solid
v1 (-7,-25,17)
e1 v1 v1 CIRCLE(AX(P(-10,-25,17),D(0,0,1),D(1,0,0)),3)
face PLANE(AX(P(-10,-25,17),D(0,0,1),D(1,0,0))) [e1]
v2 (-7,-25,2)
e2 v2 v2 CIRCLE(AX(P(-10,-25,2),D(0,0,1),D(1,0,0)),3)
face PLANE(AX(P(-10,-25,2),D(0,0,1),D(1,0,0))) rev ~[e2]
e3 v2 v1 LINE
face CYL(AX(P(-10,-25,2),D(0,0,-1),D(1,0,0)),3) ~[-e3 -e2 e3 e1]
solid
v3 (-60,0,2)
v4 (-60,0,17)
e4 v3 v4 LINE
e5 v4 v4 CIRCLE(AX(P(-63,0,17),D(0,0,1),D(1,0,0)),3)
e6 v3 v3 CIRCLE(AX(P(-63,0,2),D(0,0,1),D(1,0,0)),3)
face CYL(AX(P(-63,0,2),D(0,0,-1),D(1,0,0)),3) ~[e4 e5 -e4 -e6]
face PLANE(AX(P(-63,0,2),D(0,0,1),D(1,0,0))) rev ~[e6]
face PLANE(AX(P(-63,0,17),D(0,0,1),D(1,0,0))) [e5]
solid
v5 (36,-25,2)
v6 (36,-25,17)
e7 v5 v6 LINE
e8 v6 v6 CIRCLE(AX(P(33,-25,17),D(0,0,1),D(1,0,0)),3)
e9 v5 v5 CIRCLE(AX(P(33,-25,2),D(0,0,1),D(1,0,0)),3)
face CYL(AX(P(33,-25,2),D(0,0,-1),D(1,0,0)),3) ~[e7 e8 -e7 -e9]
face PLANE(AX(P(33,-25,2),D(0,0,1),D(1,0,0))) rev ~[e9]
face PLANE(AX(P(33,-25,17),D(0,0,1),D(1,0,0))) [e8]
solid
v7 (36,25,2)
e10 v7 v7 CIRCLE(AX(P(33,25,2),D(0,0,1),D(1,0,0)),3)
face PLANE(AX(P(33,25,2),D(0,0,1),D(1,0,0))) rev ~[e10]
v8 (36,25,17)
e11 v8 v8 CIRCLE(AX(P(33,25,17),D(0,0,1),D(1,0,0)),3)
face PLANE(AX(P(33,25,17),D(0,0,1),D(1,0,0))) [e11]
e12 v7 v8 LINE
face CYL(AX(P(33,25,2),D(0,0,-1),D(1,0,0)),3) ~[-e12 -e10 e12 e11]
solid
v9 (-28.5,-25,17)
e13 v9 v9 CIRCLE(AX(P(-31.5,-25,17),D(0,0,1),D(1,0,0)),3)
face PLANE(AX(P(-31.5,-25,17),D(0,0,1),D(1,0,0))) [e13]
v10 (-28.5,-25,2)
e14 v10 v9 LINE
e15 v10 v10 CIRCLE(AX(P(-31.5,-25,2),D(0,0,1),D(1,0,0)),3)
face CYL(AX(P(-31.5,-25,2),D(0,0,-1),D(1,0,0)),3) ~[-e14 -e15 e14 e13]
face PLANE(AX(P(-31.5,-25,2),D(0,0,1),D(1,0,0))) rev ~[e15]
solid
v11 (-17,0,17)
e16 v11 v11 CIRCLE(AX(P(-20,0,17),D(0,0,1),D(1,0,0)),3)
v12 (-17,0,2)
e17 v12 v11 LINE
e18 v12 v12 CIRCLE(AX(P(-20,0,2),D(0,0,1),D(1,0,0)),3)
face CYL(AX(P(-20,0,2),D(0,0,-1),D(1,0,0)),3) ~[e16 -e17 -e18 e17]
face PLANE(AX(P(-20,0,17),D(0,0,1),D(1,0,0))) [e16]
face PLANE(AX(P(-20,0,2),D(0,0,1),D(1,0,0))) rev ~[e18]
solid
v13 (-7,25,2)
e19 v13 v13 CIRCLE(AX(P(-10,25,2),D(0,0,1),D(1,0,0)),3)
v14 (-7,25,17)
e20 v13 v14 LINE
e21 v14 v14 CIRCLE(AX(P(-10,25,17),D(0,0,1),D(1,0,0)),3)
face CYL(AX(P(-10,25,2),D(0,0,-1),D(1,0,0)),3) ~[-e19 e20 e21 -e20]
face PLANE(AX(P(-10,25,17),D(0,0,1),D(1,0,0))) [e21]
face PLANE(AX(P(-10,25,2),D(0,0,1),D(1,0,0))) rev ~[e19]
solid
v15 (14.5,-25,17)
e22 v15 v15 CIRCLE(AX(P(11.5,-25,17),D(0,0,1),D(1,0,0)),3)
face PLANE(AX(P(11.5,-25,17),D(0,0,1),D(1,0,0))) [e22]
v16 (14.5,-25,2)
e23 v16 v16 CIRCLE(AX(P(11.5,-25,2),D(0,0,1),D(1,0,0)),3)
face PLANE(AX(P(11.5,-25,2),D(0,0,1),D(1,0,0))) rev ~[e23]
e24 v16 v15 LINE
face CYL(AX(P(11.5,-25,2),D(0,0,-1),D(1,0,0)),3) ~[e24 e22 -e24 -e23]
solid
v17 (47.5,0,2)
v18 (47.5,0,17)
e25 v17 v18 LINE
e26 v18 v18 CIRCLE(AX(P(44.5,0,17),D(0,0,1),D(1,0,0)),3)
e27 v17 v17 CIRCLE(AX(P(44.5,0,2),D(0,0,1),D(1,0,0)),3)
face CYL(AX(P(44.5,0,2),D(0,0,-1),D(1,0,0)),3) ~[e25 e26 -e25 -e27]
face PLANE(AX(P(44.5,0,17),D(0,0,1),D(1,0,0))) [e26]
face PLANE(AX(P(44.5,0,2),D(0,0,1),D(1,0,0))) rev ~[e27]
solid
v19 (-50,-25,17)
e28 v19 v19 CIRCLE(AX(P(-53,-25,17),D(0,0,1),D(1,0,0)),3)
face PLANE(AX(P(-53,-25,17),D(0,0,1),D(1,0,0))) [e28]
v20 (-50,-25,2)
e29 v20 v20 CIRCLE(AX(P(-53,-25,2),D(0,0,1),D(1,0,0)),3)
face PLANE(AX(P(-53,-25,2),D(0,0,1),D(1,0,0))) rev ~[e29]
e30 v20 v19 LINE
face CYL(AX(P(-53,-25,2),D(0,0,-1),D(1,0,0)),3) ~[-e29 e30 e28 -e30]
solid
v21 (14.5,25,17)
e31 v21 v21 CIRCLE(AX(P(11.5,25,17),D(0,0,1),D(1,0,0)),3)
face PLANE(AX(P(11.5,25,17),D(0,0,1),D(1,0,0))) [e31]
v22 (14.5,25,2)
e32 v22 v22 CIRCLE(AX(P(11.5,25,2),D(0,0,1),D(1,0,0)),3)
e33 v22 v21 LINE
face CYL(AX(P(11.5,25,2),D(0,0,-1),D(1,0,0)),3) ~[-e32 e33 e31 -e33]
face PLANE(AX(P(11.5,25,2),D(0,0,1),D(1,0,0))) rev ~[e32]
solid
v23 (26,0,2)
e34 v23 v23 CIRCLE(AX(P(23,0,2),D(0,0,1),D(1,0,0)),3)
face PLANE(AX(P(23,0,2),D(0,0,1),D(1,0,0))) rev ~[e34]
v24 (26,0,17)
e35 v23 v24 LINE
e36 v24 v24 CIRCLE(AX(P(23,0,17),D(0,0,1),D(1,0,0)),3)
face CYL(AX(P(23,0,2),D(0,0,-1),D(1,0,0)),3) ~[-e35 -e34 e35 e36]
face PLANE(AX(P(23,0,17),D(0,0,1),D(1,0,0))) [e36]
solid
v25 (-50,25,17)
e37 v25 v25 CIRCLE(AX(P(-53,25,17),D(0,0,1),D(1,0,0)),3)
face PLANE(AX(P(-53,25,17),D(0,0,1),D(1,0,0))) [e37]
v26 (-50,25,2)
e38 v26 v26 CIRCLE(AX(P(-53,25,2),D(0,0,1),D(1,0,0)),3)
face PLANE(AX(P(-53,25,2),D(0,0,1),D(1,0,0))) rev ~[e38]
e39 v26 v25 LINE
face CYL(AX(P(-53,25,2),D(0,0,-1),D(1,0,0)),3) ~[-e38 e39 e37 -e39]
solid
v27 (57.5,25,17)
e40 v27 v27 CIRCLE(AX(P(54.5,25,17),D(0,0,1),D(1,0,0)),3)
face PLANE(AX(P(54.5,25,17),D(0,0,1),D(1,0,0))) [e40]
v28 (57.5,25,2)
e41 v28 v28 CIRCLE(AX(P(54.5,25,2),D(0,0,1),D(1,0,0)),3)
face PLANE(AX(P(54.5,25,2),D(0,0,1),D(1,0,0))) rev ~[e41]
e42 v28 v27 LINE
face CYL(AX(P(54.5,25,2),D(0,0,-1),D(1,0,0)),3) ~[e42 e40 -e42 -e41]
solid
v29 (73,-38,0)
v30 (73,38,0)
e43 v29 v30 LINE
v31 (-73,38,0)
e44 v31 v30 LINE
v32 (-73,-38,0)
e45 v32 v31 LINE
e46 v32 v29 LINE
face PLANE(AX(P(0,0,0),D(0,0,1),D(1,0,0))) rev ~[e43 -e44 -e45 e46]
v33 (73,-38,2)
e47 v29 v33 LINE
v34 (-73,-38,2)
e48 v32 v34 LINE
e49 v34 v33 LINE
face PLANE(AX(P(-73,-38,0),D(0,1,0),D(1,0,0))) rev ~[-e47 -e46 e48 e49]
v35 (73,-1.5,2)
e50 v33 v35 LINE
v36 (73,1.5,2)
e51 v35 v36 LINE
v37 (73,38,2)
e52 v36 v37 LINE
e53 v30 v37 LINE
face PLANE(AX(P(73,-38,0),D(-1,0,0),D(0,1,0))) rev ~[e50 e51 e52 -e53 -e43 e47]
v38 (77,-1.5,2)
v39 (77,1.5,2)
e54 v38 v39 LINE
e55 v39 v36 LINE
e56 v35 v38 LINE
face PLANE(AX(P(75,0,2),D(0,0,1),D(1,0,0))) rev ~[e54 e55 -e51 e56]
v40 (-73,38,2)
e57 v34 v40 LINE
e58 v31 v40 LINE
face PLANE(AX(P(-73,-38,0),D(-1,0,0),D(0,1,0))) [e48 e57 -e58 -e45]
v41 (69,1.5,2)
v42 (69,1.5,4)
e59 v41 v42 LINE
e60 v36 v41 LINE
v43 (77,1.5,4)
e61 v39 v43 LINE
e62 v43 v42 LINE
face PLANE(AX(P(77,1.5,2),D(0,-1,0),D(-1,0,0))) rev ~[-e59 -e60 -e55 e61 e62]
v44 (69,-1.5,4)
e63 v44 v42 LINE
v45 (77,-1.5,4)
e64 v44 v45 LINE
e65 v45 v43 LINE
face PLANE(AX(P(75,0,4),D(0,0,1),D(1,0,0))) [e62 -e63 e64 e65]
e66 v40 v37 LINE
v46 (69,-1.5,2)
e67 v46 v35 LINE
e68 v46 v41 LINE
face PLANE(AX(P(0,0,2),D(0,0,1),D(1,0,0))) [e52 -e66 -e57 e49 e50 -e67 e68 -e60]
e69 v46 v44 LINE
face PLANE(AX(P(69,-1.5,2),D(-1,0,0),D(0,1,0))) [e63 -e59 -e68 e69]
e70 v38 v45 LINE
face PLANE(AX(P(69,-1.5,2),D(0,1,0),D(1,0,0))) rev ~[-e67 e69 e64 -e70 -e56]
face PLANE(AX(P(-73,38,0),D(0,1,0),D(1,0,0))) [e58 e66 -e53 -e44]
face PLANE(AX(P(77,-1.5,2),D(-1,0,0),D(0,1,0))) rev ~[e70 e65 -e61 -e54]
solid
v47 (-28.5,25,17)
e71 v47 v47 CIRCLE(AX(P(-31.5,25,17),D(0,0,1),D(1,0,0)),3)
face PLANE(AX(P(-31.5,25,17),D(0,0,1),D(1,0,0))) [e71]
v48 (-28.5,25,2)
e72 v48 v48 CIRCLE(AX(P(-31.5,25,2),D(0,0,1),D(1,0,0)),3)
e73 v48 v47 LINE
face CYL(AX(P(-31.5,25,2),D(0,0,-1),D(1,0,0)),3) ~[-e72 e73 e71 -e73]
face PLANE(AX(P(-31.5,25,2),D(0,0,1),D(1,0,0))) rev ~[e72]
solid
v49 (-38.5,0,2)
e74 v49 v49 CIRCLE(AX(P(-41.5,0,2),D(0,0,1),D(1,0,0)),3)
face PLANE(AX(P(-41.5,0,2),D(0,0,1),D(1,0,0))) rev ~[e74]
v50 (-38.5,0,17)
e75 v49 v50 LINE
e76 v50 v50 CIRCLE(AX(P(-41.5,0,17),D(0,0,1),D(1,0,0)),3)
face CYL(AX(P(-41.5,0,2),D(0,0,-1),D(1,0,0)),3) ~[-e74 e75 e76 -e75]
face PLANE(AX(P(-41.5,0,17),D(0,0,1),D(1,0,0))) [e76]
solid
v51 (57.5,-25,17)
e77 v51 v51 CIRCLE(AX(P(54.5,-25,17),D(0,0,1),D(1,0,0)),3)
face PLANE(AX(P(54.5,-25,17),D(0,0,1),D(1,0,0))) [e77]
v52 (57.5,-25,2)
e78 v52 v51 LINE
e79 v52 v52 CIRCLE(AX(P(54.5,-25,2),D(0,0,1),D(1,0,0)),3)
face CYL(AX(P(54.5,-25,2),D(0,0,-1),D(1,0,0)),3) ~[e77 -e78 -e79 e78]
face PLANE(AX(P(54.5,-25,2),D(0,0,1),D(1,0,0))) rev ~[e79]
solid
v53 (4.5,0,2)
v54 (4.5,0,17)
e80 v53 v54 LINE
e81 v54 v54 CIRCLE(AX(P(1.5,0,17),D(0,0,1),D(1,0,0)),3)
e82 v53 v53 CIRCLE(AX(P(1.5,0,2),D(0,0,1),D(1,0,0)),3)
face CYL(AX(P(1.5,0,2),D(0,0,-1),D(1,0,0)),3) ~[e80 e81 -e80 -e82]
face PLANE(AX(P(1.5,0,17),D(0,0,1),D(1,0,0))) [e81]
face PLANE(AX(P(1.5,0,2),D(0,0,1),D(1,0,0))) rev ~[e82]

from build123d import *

# Parameters (mm, degrees)
F0_W     = 146
F0_H     = 76
F1_DEPTH = 2
F2_R     = 3
F3_DEPTH = 15
F4_DEPTH = 15
F2_W     = 4
F2_H     = 3
F5_DEPTH = 2


with BuildPart() as f1:
    # F0 (on Top) → F1 (new body)
    with BuildSketch(Plane.XY):
        Rectangle(F0_W, F0_H)
    extrude(amount=F1_DEPTH)

    # F2 (on face) → F5 (join)
    with BuildSketch(Plane.XY.offset(2)):
        with Locations((75, 0)):
            Rectangle(F2_W, F2_H)
        with Locations((71, 0)):
            Rectangle(F2_W, F2_H)
    extrude(amount=F5_DEPTH)


with BuildPart() as f3:
    # F2 (on face) → F3 (new body)
    with BuildSketch(Plane.XY.offset(2)):
        with Locations((-53, 25)):
            Circle(F2_R)
        with Locations((-31.5, 25)):
            Circle(F2_R)
        with Locations((-10, 25)):
            Circle(F2_R)
        with Locations((11.5, 25)):
            Circle(F2_R)
        with Locations((33, 25)):
            Circle(F2_R)
        with Locations((54.5, 25)):
            Circle(F2_R)
        with Locations((54.5, -25)):
            Circle(F2_R)
        with Locations((33, -25)):
            Circle(F2_R)
        with Locations((11.5, -25)):
            Circle(F2_R)
        with Locations((-10, -25)):
            Circle(F2_R)
        with Locations((-31.5, -25)):
            Circle(F2_R)
        with Locations((-53, -25)):
            Circle(F2_R)
    extrude(amount=F3_DEPTH)


with BuildPart() as f4:
    # F2 (on face) → F4 (new body)
    with BuildSketch(Plane.XY.offset(2)):
        with Locations((-63, 0)):
            Circle(F2_R)
        with Locations((-41.5, 0)):
            Circle(F2_R)
        with Locations((-20, 0)):
            Circle(F2_R)
        with Locations((1.5, 0)):
            Circle(F2_R)
        with Locations((23, 0)):
            Circle(F2_R)
        with Locations((44.5, 0)):
            Circle(F2_R)
    extrude(amount=F4_DEPTH)


solid = Compound([f1.part, f3.part, f4.part])
